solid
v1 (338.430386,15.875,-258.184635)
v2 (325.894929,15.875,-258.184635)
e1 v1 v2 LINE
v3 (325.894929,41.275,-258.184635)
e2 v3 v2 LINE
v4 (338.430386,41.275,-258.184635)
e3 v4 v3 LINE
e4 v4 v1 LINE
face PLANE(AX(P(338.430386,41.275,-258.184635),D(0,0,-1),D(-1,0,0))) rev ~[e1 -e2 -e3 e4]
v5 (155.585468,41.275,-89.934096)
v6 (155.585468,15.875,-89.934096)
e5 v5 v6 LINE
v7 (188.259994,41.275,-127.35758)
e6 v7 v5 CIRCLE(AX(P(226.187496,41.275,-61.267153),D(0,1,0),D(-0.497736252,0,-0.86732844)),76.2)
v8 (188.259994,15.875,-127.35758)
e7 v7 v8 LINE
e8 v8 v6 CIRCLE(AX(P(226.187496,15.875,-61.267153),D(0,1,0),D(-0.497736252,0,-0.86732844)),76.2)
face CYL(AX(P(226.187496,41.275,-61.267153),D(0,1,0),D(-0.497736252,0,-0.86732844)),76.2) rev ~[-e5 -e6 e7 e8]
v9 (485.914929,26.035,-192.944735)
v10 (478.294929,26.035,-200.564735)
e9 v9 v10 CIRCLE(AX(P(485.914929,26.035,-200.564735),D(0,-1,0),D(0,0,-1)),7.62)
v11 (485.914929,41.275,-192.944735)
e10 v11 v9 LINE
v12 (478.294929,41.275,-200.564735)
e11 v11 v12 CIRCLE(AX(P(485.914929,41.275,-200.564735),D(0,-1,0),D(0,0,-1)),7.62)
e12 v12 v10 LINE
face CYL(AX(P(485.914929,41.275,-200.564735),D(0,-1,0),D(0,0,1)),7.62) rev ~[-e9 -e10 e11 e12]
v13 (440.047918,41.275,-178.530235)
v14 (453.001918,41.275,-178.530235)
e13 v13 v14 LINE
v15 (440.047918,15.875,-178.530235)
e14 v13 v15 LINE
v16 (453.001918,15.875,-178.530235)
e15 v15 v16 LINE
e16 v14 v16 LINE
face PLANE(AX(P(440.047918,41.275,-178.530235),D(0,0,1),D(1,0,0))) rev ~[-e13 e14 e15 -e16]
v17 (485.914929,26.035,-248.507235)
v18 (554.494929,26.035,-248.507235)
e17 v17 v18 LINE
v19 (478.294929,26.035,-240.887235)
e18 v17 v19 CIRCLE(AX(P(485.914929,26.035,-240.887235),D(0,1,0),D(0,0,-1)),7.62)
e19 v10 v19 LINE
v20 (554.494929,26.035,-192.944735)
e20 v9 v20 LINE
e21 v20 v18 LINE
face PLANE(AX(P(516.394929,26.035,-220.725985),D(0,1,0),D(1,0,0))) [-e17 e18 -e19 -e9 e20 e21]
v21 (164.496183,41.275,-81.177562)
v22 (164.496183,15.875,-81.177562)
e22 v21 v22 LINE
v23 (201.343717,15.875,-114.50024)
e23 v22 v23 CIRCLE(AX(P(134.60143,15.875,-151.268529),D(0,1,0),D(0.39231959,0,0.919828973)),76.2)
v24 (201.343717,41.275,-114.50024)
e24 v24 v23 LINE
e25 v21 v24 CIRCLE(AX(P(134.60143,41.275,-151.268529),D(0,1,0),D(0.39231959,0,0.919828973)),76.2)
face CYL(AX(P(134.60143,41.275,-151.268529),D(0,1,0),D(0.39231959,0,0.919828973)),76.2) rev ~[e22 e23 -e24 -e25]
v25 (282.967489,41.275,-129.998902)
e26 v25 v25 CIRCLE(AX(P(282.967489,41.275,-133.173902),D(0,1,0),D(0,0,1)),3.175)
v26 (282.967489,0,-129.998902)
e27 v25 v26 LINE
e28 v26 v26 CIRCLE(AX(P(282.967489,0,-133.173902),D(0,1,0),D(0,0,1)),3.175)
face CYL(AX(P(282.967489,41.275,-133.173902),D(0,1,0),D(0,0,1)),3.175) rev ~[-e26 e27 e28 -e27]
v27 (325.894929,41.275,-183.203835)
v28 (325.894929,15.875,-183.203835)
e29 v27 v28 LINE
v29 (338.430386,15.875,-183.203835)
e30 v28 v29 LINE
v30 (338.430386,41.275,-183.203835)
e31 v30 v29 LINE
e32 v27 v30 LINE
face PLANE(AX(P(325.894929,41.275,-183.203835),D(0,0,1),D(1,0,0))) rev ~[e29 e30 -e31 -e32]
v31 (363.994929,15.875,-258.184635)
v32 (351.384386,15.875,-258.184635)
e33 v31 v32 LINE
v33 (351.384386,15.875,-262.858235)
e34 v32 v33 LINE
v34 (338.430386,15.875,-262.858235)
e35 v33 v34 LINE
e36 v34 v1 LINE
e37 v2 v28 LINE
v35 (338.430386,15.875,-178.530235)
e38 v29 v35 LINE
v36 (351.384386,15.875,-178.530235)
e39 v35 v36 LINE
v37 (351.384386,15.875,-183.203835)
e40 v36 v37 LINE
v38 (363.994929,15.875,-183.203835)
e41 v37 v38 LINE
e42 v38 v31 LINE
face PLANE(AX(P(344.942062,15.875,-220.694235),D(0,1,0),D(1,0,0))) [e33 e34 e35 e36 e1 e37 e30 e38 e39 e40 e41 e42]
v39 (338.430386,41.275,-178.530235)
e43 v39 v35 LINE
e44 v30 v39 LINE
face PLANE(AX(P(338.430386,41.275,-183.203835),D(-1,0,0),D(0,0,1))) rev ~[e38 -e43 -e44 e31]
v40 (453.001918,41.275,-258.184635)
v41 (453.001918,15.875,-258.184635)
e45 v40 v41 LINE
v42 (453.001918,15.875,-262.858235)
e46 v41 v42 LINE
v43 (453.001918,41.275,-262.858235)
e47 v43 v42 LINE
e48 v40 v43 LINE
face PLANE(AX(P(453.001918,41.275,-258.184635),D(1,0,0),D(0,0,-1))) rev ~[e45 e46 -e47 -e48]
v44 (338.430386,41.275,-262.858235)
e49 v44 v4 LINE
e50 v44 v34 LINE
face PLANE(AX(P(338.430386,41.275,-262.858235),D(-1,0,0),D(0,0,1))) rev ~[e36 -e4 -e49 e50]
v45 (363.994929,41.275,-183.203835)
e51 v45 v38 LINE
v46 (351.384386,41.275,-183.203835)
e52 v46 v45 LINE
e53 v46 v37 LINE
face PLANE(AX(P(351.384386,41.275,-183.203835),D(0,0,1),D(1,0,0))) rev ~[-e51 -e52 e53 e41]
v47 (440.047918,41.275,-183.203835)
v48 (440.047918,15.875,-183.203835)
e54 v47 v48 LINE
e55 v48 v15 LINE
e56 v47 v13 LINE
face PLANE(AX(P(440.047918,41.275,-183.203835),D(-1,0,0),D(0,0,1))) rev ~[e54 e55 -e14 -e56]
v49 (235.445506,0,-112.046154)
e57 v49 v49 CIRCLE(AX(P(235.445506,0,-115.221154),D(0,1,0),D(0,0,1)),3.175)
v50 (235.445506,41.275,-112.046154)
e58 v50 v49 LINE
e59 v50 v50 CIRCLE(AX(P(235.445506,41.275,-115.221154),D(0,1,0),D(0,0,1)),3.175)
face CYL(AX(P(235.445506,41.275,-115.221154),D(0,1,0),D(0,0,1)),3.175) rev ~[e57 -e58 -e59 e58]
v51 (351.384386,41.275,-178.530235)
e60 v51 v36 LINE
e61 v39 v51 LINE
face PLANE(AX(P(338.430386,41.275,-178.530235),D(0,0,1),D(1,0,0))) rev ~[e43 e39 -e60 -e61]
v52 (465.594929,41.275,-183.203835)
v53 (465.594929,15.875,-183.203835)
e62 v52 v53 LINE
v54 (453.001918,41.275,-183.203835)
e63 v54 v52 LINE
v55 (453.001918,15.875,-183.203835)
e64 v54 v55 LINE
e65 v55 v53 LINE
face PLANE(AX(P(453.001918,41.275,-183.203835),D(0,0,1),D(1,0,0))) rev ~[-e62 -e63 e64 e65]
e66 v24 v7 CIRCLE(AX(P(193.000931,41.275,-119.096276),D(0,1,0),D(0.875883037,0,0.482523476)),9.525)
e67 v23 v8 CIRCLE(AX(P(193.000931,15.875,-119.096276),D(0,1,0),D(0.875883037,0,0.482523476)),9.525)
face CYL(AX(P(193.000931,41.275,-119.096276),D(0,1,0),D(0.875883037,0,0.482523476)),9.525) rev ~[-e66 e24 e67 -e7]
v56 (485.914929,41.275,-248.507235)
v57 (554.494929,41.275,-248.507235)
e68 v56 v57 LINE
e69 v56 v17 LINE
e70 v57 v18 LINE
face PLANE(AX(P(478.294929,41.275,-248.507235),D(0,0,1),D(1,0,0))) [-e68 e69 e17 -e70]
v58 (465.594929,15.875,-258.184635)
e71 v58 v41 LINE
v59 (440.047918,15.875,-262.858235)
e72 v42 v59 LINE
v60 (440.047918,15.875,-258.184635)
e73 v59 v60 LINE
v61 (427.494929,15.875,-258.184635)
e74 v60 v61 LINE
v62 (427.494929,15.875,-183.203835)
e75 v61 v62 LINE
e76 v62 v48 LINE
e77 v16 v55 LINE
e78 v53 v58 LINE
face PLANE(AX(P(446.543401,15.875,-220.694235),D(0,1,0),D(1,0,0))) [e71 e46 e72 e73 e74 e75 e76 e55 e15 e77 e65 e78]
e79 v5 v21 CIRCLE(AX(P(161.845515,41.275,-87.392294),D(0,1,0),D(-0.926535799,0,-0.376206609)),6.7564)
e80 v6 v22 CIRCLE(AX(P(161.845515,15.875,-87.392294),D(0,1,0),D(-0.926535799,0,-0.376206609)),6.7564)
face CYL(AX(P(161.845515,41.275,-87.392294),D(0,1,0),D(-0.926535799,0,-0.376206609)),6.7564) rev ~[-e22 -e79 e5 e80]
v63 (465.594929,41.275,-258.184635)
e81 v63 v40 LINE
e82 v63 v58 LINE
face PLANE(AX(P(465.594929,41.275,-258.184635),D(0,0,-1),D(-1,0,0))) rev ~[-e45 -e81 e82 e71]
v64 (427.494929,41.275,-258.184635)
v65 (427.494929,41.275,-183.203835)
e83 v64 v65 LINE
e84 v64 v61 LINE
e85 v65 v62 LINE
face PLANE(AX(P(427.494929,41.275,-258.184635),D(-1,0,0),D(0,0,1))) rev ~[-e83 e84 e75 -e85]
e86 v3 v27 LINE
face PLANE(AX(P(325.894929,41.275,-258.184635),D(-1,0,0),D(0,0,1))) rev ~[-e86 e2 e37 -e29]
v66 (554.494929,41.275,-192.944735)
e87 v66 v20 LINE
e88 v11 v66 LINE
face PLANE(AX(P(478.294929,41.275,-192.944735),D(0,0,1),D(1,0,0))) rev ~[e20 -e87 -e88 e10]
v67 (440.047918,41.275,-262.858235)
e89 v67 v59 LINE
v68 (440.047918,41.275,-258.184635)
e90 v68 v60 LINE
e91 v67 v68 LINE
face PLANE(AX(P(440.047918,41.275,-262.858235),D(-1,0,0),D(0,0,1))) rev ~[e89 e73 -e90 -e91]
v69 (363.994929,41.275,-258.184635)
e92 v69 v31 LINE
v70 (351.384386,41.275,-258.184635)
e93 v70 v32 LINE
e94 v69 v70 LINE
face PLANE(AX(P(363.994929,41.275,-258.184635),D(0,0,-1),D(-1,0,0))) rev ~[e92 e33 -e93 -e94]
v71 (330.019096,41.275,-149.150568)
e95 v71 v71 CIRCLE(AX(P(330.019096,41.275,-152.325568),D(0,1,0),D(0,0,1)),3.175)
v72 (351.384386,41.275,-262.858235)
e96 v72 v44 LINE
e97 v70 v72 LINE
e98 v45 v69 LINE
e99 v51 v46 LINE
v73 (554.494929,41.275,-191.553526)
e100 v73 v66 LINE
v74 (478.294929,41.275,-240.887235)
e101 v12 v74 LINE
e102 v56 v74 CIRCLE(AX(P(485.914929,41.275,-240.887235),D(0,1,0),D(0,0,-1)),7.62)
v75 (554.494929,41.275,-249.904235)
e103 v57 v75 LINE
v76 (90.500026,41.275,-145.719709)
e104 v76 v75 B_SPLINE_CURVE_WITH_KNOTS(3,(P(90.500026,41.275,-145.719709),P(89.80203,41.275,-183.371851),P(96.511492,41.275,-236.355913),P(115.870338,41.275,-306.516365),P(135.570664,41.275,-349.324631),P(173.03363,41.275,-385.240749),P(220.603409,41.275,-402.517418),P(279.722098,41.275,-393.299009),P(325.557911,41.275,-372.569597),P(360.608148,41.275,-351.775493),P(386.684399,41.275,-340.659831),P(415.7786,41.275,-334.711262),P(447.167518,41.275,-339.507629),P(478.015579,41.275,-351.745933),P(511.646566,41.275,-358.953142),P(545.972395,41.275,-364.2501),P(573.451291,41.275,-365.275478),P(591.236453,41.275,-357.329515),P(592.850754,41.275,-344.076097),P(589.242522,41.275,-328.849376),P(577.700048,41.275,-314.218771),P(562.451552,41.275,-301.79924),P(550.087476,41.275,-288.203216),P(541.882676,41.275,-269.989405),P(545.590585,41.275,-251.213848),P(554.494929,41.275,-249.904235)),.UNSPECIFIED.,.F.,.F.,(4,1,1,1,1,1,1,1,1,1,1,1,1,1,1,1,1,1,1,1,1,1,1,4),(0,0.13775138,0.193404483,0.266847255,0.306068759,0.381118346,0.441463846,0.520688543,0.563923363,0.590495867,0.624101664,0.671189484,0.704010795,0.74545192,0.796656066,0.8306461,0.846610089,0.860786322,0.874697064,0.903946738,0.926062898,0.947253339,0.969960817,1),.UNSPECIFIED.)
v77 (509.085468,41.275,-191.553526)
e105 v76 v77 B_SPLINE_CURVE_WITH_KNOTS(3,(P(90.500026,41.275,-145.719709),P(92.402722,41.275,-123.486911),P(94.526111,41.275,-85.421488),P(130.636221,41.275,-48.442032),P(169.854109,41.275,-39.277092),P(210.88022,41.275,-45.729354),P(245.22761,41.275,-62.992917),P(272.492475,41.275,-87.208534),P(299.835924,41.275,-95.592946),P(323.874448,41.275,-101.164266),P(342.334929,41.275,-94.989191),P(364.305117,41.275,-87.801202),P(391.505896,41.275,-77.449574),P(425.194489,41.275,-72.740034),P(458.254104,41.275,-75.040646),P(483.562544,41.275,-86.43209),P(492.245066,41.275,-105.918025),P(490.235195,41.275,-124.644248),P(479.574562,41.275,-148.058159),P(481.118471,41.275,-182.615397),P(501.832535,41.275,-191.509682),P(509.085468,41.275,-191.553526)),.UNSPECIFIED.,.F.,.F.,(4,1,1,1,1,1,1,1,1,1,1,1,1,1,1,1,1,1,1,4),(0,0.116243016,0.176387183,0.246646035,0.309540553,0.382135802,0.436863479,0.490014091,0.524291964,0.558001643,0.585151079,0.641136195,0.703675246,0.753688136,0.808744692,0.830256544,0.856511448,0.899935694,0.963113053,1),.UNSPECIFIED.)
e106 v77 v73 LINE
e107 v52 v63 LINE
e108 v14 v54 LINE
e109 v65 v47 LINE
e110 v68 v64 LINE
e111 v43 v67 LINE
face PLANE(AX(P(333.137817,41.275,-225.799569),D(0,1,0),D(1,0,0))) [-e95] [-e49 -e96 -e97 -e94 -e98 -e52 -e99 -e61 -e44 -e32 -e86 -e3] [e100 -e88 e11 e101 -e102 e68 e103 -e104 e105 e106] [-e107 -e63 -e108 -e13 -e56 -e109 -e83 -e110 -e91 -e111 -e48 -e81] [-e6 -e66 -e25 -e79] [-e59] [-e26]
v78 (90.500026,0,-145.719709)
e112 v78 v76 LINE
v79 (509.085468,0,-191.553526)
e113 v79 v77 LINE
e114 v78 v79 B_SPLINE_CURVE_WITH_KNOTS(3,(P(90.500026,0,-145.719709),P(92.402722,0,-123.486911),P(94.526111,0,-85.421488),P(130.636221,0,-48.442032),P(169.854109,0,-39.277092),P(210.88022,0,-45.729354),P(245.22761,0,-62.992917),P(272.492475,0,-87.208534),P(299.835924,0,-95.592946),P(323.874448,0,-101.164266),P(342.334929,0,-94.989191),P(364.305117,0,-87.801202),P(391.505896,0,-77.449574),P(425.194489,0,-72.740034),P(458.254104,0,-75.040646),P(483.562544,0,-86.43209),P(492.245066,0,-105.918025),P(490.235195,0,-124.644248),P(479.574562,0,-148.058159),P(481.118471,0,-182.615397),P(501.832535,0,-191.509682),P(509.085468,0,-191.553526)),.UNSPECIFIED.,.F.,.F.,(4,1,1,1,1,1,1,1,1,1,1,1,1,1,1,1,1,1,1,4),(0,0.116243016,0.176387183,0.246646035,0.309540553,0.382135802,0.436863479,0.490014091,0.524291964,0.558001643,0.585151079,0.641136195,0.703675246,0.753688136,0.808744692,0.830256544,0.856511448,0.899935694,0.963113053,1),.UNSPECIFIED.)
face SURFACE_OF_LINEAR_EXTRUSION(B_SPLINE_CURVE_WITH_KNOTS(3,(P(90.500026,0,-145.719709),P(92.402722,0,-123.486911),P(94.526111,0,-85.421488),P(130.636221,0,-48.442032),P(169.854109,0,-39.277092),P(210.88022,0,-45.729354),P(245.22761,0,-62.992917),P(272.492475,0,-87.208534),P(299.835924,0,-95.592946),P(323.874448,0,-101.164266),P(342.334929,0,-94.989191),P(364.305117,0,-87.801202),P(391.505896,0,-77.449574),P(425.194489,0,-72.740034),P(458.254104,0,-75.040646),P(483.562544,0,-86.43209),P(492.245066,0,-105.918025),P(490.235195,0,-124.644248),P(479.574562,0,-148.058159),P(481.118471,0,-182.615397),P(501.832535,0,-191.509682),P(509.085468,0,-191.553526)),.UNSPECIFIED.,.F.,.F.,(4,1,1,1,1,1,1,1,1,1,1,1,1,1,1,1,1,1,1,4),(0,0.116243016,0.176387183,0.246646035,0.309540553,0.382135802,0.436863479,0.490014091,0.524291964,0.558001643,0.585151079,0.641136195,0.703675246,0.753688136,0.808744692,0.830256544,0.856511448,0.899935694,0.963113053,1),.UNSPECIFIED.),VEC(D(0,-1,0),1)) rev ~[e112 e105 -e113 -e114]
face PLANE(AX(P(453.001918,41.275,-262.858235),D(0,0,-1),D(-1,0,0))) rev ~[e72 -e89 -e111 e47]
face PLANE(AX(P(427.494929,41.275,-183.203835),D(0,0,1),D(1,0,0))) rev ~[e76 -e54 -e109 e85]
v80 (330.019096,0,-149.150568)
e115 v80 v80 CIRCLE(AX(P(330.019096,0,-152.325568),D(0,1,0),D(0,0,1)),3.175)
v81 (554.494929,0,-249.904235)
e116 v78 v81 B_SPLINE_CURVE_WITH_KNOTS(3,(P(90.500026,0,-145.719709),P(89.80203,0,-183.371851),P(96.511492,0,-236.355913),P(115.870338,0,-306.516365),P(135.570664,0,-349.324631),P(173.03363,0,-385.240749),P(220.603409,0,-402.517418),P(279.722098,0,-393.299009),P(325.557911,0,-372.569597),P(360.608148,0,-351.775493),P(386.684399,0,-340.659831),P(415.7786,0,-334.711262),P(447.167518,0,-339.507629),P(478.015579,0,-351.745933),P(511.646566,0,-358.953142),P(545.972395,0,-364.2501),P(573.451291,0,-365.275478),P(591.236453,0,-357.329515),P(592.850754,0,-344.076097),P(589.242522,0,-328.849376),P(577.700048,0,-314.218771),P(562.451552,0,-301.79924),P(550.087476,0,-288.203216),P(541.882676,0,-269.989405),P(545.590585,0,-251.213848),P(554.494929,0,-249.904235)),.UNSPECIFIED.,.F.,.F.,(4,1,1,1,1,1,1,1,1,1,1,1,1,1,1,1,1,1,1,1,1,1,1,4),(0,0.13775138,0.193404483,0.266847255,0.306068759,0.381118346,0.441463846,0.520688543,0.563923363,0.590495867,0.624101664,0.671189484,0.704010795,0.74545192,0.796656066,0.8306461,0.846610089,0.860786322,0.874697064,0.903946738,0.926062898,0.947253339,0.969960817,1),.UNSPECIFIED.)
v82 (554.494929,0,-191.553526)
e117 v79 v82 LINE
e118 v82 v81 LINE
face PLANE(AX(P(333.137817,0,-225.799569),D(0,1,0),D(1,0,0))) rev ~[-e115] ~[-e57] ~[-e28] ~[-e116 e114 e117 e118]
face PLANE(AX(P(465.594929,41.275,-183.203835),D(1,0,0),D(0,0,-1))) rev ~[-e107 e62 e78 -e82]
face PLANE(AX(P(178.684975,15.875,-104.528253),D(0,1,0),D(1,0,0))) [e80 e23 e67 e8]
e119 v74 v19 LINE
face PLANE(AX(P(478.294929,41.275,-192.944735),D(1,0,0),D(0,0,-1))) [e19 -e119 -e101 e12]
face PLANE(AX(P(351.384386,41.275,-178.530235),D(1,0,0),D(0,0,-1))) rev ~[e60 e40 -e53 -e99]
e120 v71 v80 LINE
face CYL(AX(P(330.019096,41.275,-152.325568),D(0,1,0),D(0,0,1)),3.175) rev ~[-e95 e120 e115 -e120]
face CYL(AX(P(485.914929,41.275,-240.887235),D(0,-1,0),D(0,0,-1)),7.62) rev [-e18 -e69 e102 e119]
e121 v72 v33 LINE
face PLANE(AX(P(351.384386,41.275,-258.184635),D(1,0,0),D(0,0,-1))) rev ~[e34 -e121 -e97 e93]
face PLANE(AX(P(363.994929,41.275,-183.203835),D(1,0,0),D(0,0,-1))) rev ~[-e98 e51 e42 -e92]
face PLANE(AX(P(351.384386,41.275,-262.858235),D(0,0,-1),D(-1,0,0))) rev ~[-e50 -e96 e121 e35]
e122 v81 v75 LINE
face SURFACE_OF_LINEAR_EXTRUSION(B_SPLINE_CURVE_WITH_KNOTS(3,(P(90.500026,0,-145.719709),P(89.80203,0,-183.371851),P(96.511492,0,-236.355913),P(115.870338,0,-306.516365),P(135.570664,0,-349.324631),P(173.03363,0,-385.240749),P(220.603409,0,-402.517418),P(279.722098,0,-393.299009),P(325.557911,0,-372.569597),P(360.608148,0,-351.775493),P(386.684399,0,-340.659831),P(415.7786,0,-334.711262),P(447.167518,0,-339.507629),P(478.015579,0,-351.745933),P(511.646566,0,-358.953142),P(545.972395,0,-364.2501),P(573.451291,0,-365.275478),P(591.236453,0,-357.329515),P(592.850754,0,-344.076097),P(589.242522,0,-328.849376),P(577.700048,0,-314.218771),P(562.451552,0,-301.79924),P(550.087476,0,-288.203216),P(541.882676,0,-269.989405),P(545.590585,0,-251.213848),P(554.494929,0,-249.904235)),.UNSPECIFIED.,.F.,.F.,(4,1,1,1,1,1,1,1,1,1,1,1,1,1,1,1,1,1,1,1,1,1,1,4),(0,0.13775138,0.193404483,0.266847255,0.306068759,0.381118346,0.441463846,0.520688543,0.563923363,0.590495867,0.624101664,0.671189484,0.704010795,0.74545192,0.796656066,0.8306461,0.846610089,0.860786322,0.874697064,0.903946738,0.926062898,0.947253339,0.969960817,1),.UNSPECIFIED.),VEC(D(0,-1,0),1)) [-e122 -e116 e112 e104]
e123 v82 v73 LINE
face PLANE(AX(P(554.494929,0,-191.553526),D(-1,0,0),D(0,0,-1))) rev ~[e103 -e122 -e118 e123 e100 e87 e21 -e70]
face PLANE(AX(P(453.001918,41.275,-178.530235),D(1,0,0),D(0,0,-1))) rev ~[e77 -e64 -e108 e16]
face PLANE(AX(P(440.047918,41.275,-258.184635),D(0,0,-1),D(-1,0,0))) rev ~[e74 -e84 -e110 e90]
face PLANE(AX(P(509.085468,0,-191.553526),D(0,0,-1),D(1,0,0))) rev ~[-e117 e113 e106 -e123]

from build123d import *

# Parameters (mm, degrees)
BOSS_EXTRUDE1_DEPTH = 41.275
SKETCH6_W           = 76.2
SKETCH6_H           = 55.5625
CUT_EXTRUDE4_DEPTH  = 15.24
FILLET5_R           = 7.62
CUT_EXTRUDE6_DEPTH  = 25.4
CUT_EXTRUDE7_DEPTH  = 25.4
SKETCH10_R          = 3.175
CUT_EXTRUDE8_DEPTH  = 76.2


with BuildPart() as part:
    # Sketch2 → Boss-Extrude1 (new body)
    with BuildSketch(Plane(origin=(0, 0, 0), x_dir=(1, 0, 0), z_dir=(0, 1, 0))):
        with BuildLine():
            Line((509.085467797, 191.553525985), (554.494928645, 191.553525985))
            Line((554.494928645, 191.553525985), (554.494928645, 249.904235002))
            add(Edge.make_bspline(
                [(90.500026047, 145.719708809), (89.802029853, 183.371850788), (96.511492218, 236.355913248), (115.870337657, 306.516365252), (135.570664397, 349.324631144), (173.033629511, 385.240749449), (220.6034091, 402.51741798), (279.722097624, 393.299008973), (325.55791088, 372.569597213), (360.608147582, 351.775493279), (386.684398592, 340.659830669), (415.778600245, 334.711262077), (447.167517605, 339.507629156), (478.015579204, 351.745933286), (511.646565599, 358.953142265), (545.972395081, 364.25009995), (573.451291126, 365.275478162), (591.2364529, 357.329515448), (592.850754143, 344.076097244), (589.242521553, 328.849375548), (577.700047901, 314.218770689), (562.451551847, 301.799240171), (550.087476355, 288.203216443), (541.882676348, 269.989405146), (545.59058529, 251.213847843), (554.494928645, 249.904235002)],
                knots=[0, 0, 0, 0, 0.13775138, 0.193404483, 0.266847255, 0.306068759, 0.381118346, 0.441463846, 0.520688543, 0.563923363, 0.590495867, 0.624101664, 0.671189484, 0.704010795, 0.74545192, 0.796656066, 0.8306461, 0.846610089, 0.860786322, 0.874697064, 0.903946738, 0.926062898, 0.947253339, 0.969960817, 1, 1, 1, 1], degree=3))
            add(Edge.make_bspline(
                [(90.500026047, 145.719708809), (92.402722254, 123.486911287), (94.5261105, 85.421488414), (130.636221075, 48.442031825), (169.854108533, 39.277092377), (210.880220395, 45.729353831), (245.227609801, 62.992916981), (272.492474934, 87.208534485), (299.83592433, 95.592945812), (323.874448139, 101.164266259), (342.334928996, 94.989191015), (364.305117352, 87.801201524), (391.505896268, 77.449574411), (425.194489111, 72.740033743), (458.254104424, 75.040646311), (483.562544172, 86.432089871), (492.245066229, 105.918025172), (490.235194897, 124.644247505), (479.574562349, 148.058158908), (481.118471371, 182.615397185), (501.832534703, 191.509682343), (509.085467797, 191.553525985)],
                knots=[0, 0, 0, 0, 0.116243016, 0.176387183, 0.246646035, 0.309540553, 0.382135802, 0.436863479, 0.490014091, 0.524291964, 0.558001643, 0.585151079, 0.641136195, 0.703675246, 0.753688136, 0.808744692, 0.830256544, 0.856511448, 0.899935694, 0.963113053, 1, 1, 1, 1], degree=3))
        make_face()
    extrude(amount=BOSS_EXTRUDE1_DEPTH)

    # Sketch6 → Cut-Extrude4 (cut)
    with BuildSketch(Plane(origin=(0, 41.275, 0), x_dir=(1, 0, 0), z_dir=(0, 1, 0))):
        with Locations((516.394928645, 220.725985002)):
            Rectangle(SKETCH6_W, SKETCH6_H)
    extrude(amount=-CUT_EXTRUDE4_DEPTH, mode=Mode.SUBTRACT)

    # Fillet5
    fillet5_edges = [part.edges().sort_by_distance(p)[0] for p in [
        (478.294928645, 33.655, -192.944735002),
        (478.294928645, 33.655, -248.507235002),
    ]]
    fillet(fillet5_edges, radius=FILLET5_R)

    # Sketch7 → Cut-Extrude6 (cut)
    with BuildSketch(Plane(origin=(0, 41.275, 0), x_dir=(1, 0, 0), z_dir=(0, 1, 0))):
        Polygon((338.430385795, 183.203835002), (338.430385795, 178.530235002), (351.384385795, 178.530235002), (351.384385795, 183.203835002), (363.994928645, 183.203835002), (363.994928645, 258.184635002), (351.384385795, 258.184635002), (351.384385795, 262.858235002), (338.430385795, 262.858235002), (338.430385795, 258.184635002), (325.894928645, 258.184635002), (325.894928645, 183.203835002), align=None)
        Polygon((453.001918211, 258.184635002), (453.001918211, 262.858235002), (440.047918211, 262.858235002), (440.047918211, 258.184635002), (427.494928645, 258.184635002), (427.494928645, 183.203835002), (440.047918211, 183.203835002), (440.047918211, 178.530235002), (453.001918211, 178.530235002), (453.001918211, 183.203835002), (465.594928645, 183.203835002), (465.594928645, 258.184635002), align=None)
    extrude(amount=-CUT_EXTRUDE6_DEPTH, mode=Mode.SUBTRACT)

    # Sketch9 → Cut-Extrude7 (cut)
    with BuildSketch(Plane(origin=(0, 41.275, 0), x_dir=(1, 0, 0), z_dir=(0, 1, 0))):
        with BuildLine():
            ThreePointArc((201.343717425, 114.500240339), (199.677092238, 125.889986979), (188.259993692, 127.357579843))
            ThreePointArc((188.259993692, 127.357579843), (168.787199798, 111.383477208), (155.585468224, 89.93409632))
            ThreePointArc((155.585468224, 89.93409632), (157.109891345, 82.573288652), (164.496182778, 81.177561515))
            ThreePointArc((164.496182778, 81.177561515), (185.711894836, 94.751625715), (201.343717425, 114.500240339))
        make_face()
    extrude(amount=-CUT_EXTRUDE7_DEPTH, mode=Mode.SUBTRACT)

    # Sketch10 → Cut-Extrude8 (cut)
    with BuildSketch(Plane(origin=(0, 41.275, 0), x_dir=(1, 0, 0), z_dir=(0, 1, 0))):
        with Locations(Location((330.01909551, 152.325567708, 0), (0, 0, 270))):
            Circle(SKETCH10_R)
        with Locations(Location((282.967488546, 133.173902452, 0), (0, 0, 270))):
            Circle(SKETCH10_R)
        with Locations(Location((235.445506187, 115.221153561, 0), (0, 0, 270))):
            Circle(SKETCH10_R)
    extrude(amount=-CUT_EXTRUDE8_DEPTH, mode=Mode.SUBTRACT)


solid = part.part
